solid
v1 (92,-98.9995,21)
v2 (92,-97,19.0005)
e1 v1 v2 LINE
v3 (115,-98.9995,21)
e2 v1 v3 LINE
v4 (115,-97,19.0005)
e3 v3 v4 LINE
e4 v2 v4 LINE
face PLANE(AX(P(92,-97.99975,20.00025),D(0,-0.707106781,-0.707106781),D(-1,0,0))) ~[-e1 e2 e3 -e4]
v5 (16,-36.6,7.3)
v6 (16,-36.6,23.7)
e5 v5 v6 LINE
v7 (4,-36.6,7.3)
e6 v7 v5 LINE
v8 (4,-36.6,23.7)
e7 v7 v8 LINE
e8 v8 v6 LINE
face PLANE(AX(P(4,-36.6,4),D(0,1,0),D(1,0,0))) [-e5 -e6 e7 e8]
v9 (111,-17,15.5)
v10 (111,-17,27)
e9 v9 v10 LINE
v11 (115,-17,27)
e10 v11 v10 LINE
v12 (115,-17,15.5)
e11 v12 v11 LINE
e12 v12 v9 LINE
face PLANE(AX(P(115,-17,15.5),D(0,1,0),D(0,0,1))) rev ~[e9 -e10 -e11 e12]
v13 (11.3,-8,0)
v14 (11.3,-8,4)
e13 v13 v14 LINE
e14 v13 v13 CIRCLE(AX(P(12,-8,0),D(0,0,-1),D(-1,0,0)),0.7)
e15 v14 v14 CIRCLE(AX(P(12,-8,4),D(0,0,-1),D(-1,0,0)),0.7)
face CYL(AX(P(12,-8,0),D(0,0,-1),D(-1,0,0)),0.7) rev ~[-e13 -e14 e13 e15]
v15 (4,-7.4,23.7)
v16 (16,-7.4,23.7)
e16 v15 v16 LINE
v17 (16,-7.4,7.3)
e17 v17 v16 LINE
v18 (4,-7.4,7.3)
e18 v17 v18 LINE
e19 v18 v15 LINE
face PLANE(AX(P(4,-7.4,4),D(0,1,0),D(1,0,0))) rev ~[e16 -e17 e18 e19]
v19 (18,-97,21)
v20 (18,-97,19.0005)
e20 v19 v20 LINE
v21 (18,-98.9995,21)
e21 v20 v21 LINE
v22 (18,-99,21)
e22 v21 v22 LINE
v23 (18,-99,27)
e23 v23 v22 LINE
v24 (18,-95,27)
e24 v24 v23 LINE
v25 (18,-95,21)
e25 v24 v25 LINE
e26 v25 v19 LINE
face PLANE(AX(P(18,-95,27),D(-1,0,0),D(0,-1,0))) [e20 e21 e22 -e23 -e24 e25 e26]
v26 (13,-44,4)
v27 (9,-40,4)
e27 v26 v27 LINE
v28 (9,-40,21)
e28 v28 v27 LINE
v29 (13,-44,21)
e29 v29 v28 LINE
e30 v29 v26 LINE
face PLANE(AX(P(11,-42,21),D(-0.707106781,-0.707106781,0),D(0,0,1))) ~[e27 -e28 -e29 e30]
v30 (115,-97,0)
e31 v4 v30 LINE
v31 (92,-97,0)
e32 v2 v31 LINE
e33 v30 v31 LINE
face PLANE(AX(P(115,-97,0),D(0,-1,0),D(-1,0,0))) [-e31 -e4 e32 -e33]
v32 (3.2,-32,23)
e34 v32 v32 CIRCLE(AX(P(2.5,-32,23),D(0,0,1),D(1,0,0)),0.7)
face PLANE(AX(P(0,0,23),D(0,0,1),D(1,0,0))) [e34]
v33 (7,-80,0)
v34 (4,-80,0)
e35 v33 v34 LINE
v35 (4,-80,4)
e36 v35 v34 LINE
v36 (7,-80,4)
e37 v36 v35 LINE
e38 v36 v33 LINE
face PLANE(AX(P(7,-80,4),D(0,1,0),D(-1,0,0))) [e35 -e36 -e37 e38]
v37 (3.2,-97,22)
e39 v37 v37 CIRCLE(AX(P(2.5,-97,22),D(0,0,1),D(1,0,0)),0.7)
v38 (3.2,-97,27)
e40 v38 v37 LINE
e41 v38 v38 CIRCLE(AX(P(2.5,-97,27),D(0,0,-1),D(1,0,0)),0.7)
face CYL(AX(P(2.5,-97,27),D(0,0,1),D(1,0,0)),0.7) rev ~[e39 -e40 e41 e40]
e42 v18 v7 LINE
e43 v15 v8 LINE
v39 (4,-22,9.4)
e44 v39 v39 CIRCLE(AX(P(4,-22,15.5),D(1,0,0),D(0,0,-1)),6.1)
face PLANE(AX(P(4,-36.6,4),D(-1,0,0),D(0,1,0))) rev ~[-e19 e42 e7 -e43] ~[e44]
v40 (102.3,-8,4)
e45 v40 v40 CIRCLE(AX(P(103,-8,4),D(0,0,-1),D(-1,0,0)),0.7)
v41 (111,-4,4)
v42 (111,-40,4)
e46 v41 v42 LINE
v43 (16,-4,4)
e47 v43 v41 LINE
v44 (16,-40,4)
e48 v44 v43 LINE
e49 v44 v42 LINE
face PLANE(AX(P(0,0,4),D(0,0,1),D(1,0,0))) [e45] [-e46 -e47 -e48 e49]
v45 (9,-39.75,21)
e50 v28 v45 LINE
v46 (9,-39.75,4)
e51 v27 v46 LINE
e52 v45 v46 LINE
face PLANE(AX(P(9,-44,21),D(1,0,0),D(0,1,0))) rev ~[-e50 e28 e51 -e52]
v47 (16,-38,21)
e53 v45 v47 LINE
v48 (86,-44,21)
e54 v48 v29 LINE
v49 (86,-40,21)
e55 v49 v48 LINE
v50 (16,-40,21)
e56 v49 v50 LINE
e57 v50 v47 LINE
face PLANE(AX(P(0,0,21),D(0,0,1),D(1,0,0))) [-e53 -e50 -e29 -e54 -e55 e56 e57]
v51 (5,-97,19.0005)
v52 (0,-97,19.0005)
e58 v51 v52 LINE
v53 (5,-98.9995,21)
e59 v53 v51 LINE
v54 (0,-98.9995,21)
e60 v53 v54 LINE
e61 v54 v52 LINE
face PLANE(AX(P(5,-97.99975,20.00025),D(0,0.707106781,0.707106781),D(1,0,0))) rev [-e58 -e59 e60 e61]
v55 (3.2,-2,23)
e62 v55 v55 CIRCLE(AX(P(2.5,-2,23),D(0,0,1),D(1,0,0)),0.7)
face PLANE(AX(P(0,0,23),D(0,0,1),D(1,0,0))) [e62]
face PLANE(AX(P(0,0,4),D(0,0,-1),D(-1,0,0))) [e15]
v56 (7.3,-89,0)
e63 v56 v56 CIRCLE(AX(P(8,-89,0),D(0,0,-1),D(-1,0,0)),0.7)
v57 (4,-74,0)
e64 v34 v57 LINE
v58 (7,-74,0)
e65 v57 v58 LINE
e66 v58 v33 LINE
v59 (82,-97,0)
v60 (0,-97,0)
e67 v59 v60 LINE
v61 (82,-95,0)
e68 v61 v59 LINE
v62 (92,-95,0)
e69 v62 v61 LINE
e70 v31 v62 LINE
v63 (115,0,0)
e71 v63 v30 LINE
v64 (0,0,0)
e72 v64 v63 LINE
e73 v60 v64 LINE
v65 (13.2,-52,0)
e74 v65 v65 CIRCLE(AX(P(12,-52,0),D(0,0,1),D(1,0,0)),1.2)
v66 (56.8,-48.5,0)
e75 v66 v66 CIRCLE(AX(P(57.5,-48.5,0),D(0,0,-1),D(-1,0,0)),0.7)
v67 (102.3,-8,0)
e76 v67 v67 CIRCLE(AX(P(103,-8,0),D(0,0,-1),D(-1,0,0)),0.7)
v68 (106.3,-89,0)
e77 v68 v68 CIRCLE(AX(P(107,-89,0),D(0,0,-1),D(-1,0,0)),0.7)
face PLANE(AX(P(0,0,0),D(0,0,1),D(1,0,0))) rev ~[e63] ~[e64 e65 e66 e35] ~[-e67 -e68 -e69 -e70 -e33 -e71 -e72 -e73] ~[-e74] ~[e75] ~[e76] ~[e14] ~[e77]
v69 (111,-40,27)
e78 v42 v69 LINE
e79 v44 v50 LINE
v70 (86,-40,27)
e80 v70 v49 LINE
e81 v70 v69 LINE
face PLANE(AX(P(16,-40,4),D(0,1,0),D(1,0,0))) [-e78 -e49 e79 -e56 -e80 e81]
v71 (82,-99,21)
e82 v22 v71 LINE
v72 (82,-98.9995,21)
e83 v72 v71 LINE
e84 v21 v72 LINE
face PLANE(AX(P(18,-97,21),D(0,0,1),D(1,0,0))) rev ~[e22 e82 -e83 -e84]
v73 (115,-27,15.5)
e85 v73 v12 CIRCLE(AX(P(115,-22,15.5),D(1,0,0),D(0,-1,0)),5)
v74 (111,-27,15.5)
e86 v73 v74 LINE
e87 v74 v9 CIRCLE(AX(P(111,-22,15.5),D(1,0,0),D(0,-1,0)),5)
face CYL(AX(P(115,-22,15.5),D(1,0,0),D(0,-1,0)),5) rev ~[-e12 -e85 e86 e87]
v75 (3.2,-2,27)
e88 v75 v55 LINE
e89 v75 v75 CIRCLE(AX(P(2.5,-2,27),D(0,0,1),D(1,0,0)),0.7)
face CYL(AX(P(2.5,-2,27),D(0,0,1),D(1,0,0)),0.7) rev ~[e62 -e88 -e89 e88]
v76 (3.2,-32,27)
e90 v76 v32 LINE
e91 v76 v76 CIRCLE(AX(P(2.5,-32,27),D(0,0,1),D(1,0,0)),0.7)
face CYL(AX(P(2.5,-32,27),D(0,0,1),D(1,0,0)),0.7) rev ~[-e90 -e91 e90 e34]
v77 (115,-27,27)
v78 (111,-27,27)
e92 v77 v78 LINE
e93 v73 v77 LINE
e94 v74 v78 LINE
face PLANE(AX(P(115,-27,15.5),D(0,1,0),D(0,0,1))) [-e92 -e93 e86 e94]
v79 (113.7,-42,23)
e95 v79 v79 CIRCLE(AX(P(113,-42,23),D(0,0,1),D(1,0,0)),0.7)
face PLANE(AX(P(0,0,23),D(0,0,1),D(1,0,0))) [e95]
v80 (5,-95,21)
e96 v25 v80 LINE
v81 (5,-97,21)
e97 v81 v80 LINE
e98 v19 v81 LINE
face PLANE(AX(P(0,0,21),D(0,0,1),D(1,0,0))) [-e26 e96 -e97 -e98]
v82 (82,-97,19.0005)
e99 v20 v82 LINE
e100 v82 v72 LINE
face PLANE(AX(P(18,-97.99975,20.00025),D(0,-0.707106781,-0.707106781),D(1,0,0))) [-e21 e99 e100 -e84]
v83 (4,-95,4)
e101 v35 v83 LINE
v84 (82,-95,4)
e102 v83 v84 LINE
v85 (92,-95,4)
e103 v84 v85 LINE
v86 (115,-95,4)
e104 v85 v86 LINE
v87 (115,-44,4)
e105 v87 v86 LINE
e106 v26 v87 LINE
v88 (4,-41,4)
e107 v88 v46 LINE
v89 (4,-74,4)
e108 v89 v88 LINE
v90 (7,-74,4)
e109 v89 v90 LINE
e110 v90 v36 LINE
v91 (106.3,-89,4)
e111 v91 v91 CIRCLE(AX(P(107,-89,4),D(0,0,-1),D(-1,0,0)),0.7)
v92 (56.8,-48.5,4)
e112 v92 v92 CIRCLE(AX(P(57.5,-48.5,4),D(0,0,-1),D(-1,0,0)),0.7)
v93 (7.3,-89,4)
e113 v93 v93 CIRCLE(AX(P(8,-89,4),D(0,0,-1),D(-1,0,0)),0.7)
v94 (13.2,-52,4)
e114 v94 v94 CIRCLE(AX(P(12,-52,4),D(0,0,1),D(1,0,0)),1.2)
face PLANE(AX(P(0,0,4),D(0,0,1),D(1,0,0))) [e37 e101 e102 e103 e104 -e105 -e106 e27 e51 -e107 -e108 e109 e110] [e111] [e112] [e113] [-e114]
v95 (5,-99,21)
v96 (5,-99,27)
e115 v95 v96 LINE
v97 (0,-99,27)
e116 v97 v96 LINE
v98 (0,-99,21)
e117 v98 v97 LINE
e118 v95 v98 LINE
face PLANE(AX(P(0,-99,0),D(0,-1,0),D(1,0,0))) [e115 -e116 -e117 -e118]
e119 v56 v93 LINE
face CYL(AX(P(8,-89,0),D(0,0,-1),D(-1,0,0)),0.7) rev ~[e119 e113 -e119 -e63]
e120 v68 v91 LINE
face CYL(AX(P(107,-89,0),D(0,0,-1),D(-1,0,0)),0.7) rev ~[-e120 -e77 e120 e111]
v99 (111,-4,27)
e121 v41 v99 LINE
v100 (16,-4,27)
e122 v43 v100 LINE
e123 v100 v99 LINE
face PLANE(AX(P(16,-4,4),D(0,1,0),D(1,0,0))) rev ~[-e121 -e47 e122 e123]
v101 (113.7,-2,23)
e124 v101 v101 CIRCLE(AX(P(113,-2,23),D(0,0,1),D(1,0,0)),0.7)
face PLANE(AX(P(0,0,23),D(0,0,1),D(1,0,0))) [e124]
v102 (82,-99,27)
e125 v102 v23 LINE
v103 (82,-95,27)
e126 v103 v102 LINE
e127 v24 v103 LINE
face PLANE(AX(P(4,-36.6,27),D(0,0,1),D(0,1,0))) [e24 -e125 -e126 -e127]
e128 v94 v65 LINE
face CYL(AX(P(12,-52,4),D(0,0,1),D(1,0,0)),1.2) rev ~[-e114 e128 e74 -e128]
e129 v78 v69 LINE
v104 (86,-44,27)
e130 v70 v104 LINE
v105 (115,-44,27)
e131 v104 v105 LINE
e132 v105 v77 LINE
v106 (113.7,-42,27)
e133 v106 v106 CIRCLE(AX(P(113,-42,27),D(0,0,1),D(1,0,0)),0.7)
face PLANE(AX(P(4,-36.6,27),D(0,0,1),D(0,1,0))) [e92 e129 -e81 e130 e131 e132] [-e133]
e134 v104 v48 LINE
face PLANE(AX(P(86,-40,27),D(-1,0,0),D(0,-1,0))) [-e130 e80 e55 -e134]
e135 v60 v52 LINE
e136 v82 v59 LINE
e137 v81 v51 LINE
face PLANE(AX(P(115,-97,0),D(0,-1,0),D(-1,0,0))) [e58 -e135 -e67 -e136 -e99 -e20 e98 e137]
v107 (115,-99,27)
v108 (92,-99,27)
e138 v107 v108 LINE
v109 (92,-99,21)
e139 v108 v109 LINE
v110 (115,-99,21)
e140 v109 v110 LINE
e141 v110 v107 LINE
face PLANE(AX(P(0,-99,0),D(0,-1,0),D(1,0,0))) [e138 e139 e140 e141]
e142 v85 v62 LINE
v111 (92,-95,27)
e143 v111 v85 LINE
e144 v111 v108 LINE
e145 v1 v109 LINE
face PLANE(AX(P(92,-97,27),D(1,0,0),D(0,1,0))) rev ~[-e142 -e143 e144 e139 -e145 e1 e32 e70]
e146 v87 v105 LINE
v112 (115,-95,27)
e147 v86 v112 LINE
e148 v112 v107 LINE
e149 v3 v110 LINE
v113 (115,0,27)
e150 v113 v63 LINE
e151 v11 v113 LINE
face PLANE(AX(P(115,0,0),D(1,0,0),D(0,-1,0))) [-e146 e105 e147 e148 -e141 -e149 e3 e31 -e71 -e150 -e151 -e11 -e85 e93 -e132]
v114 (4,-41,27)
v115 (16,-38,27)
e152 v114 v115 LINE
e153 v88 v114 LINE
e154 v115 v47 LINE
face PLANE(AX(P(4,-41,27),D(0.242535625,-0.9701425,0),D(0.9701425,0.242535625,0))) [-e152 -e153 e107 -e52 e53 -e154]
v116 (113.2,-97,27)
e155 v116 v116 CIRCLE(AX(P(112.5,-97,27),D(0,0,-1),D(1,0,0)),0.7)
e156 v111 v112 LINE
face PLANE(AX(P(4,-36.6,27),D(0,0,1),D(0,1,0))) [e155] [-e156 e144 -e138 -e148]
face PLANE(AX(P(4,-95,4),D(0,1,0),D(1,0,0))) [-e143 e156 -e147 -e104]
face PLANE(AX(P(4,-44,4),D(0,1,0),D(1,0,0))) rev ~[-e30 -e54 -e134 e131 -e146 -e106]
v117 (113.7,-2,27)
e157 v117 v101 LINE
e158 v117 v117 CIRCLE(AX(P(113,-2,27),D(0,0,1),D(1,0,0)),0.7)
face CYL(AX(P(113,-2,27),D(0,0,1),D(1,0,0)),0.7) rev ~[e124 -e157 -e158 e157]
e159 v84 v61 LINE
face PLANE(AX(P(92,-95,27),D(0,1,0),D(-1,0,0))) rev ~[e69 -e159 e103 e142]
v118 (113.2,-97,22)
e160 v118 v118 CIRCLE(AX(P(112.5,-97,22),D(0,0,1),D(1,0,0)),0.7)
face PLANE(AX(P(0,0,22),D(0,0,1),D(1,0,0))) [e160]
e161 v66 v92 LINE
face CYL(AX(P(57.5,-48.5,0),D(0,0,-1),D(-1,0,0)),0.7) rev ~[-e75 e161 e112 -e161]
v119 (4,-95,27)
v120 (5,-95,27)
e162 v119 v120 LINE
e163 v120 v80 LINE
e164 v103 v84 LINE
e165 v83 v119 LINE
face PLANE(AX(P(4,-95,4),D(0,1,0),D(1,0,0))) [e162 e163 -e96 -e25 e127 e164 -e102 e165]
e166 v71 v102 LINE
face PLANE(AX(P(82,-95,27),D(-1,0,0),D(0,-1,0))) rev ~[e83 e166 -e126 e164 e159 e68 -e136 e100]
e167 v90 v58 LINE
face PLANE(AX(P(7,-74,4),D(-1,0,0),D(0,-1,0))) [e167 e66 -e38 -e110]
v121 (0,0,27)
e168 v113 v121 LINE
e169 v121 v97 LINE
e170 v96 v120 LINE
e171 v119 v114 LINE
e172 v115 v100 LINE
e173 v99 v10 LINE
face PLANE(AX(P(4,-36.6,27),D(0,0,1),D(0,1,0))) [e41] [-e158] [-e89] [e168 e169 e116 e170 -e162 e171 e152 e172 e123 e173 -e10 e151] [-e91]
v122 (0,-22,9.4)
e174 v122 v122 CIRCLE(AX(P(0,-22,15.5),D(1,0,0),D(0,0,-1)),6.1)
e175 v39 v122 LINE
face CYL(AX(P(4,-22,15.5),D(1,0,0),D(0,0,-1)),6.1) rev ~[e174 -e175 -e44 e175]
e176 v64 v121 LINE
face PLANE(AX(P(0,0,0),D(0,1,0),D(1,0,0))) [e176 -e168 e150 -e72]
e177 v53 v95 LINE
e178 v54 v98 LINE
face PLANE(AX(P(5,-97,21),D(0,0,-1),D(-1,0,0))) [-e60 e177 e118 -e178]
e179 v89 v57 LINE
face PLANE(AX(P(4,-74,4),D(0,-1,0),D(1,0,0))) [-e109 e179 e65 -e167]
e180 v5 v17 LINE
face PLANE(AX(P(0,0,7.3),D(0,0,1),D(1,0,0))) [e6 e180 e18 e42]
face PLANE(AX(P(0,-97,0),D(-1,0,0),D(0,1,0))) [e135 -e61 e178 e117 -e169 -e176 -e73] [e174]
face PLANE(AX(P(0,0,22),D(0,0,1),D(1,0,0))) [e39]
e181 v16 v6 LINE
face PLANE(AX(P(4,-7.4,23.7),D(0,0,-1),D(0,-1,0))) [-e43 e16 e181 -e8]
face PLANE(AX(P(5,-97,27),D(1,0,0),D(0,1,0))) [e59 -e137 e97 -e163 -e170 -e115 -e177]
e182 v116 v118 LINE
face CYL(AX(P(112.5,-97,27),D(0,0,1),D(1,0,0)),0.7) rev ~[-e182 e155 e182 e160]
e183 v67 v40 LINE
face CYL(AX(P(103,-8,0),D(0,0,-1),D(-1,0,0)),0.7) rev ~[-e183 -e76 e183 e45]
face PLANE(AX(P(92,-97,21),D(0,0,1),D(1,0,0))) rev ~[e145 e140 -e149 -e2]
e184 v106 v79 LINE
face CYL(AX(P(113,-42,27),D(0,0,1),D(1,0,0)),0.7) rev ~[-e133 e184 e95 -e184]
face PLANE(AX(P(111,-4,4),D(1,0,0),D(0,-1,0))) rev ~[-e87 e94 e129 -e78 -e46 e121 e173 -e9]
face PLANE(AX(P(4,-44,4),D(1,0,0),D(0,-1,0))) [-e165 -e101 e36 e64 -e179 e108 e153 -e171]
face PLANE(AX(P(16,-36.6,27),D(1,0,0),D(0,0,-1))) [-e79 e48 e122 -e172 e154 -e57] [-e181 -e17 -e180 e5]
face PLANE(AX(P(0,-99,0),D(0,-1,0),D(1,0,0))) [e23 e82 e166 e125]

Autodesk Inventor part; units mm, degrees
ref_plane "YZ Plane" through (0, 0, 0) normal (1, 0, 0) x (0, 1, 0)
ref_plane "XZ Plane" through (0, 0, 0) normal (0, 1, 0) x (-1, 0, 0)
ref_plane "XY Plane" through (0, 0, 0) normal (0, 0, 1) x (1, 0, 0)
sketch "Skizze1" plane through (0, 0, 0) normal (0, 0, 1) x (1, 0, 0)
  line L0 (0, 0) -> (115, 0)
  line L1 (115, 0) -> (115, -97)
  line L2 (115, -97) -> (0, -97)
  line L3 (0, -97) -> (0, 0)
  dimension "d0" = 115
  dimension "d1" = 97
extrude "Extrusion1" add sketch "Skizze1" along normal blind 4
sketch "Skizze2" plane through (0, 0, 4) normal (0, 0, 1) x (1, 0, 0)
  line L0 (0, -97) -> (115, -97) projected
  line L1 (115, -97) -> (115, 0) projected
  line L2 (115, 0) -> (0, 0) projected
  line L3 (0, 0) -> (0, -97) projected
  line L4 (4, -44) -> (4, -95)
  line L5 (4, -95) -> (115, -95)
  line L6 (115, -97) -> (115, 0) projected
  line L7 (4, -44) -> (115, -44)
  line L8 (4, -40) -> (16, -40) construction
  line L9 (4, -40) -> (4, -36.6) construction
  line L10 (4, -4) -> (16, -4) construction
  line L11 (4, -7.4) -> (16, -7.4)
  line L12 (16, -7.4) -> (16, -4)
  line L13 (4, -36.6) -> (16, -36.6)
  line L14 (16, -36.6) -> (16, -40)
  line L15 (4, -36.6) -> (4, -7.4)
  line L16 (16, -40) -> (111, -40)
  line L17 (4, -7.4) -> (4, -4) construction
  line L18 (16, -4) -> (111, -4)
  line L19 (111, -4) -> (111, -40)
  point P0 (109.25, 0)
  point P1 (109.25, -40)
  dimension "d4" = 4
  dimension "d5" = 2
  dimension "d6" = 51
  dimension "d7" = 4
  dimension "d8" = 36
  dimension "d9" = 4
  dimension "d10" = 29.2
  dimension "d11" = 12
  dimension "d30" = 4
extrude "Extrusion2" add sketch "Skizze2" along normal blind 23 contours L3 L2 L1 L7 L4 L5 L0
sketch "Skizze4" plane through (0, 0, 4) normal (0, 0, 1) x (1, 0, 0)
  line L0 (4, -36.6) -> (16, -36.6) projected
  line L1 (4, -36.6) -> (16, -36.6)
  line L2 (16, -36.6) -> (16, -7.4)
  line L3 (16, -7.4) -> (4, -7.4)
  line L4 (4, -7.4) -> (4, -36.6)
  point P0 (0, 0)
  point P1 (16, -7.4)
extrude "Extrusion4" add sketch "Skizze4" along normal blind 3.3
sketch "Skizze5" plane through (4, -36.6, 27) normal (1, 0, 0) x (0, 0, -1)
  line L0 (0, 0) -> (0, 29.2) projected
  line L1 (0, 29.2) -> (3.3, 29.2)
  line L2 (3.3, 29.2) -> (3.3, 0)
  line L3 (3.3, 0) -> (0, 0)
  line L4 (0, 0) -> (0, 29.2)
  line L5 (19.7, 0) -> (0, 0) projected
  line L6 (19.7, 0) -> (19.7, 29.2) projected
  circle A0 centre (11.5, 14.6) radius 6.1
  line L7 (7.2229, 14.6) -> (16.7001, 14.6)
  line L8 (11.5, 24.1317) -> (11.5, 8.2548) construction
  point P0 (27, 36.6)
  dimension "d20" = 16.4
  dimension "d21" = 29.2
  dimension "d22" = 12.2
extrude "Extrusion5" cut sketch "Skizze5" against normal through all contours A0
extrude "Extrusion6" add sketch "Skizze5" along normal up to surface (12 mm away) contours L0 L1 L2 L3
sketch "Skizze6" plane through (0, 0, 27) normal (0, 0, 1) x (1, 0, 0)
  line L0 (4, -44) -> (115, -44) projected
  line L1 (111, -40) -> (16, -40) projected
  line L2 (86, -44) -> (16, -44)
  line L3 (16, -44) -> (16, -40)
  line L4 (16, -40) -> (86, -40)
  line L5 (86, -40) -> (86, -44)
  line L6 (4, -44) -> (4, -95) projected
  line L7 (0, -97) -> (115, -97) projected
  line L8 (14, -97) -> (7, -97)
  line L9 (115, -95) -> (4, -95) projected
  line L10 (92, -95) -> (82, -95)
  line L11 (82, -95) -> (82, -97)
  line L12 (82, -97) -> (92, -97)
  line L13 (92, -97) -> (92, -95)
  line L14 (115, -97) -> (115, -95) projected
  line L15 (5, -95) -> (18, -95)
  line L16 (18, -95) -> (18, -97)
  line L17 (18, -97) -> (5, -97)
  line L18 (5, -97) -> (5, -95)
  line L19 (0, 0) -> (0, -97) projected
  point P0 (109.25, -40)
  point P1 (86, -42)
  point P2 (86, -40)
  point P3 (82, -95)
  point P4 (5, -96)
  point P5 (18, -96)
  point P6 (5, -97)
  point P7 (18, -97)
  dimension "d27" = 70
  dimension "d41" = 10
  dimension "d42" = 23
  dimension "d65" = 13
  dimension "d66" = 5
extrude "Extrusion7" cut sketch "Skizze6" against normal blind 6 contours L3 L1 L5 L0
sketch "Skizze7" plane through (115, -97, 0) normal (1, 0, 0) x (0, 0, -1)
  arc A0 (-15.5, 80) -> (-15.5, 70) centre (-15.5, 75) ccw construction
  circle A1 centre (-15.5, 75) radius 6.1 construction
  line L0 (-15.5, 80) -> (-27, 80)
  line L1 (-27, 53) -> (-27, 97) projected
  line L2 (-15.5, 70) -> (-27, 70)
  arc A2 (-15.5, 70) -> (-15.5, 80) centre (-15.5, 75) ccw
  point P0 (0, 97)
  dimension "d31" = 10
extrude "Extrusion8" cut sketch "Skizze7" against normal blind 4
sketch "Skizze8" plane through (0, 0, 0) normal (0, 0, -1) x (-1, 0, 0)
  line L0 (0, -97) -> (-115, -97) projected
  line L1 (0, 0) -> (0, -97) projected
  line L2 (-115, 0) -> (0, 0) projected
  line L3 (-115, -97) -> (-115, 0) projected
  line L4 (-8, -8) -> (-8, -89) construction
  line L5 (-8, -89) -> (-107, -89) construction
  line L6 (-107, -89) -> (-107, -8) construction
  line L7 (-107, -8) -> (-8, -8) construction
  circle A0 centre (-107, -89) radius 0.7
  circle A1 centre (-8, -89) radius 0.7
  circle A2 centre (-103, -8) radius 0.7
  circle A3 centre (-12, -8) radius 0.7
  line L8 (-107, -8) -> (-8, -89) construction
  line L9 (-107, -89) -> (-8, -8) construction
  circle A4 centre (-57.5, -48.5) radius 0.7
  dimension "d34" = 8
  dimension "d35" = 1.4
  dimension "d36" = 4
  dimension "d37" = 4
extrude "Extrusion9" cut sketch "Skizze8" against normal blind 4 contours A0 | A1 | A2 | A3 | A4
extrude "Extrusion10" cut sketch "Skizze6" against normal blind 6 contours L9 L16 L7 L18
sketch "Skizze9" plane through (0, 0, 27) normal (0, 0, 1) x (1, 0, 0)
  line L0 (4, -95) -> (4, -44) projected
  line L1 (4, -44) -> (16, -44) projected
  line L2 (16, -44) -> (16, -4) projected
  line L3 (16, -4) -> (111, -4) projected
  line L4 (111, -4) -> (111, -17) projected
  line L5 (111, -40) -> (86, -40) projected
  line L6 (86, -40) -> (86, -44) projected
  line L7 (86, -44) -> (115, -44) projected
  line L8 (115, -44) -> (115, -27) projected
  line L9 (115, 0) -> (0, 0) projected
  line L10 (0, 0) -> (0, -97) projected
  line L11 (0, -97) -> (5, -97) projected
  line L12 (2.5, -2) -> (113, -2) construction
  line L13 (113, -2) -> (113, -97.1903) construction
  line L14 (113, -97.1903) -> (2.5, -97.1903) construction
  line L15 (2.5, -97.1903) -> (2.5, -2) construction
  circle A0 centre (2.5, -2) radius 0.7
  circle A1 centre (113, -2) radius 0.7
  circle A2 centre (113, -42) radius 0.7
  line L16 (113, -42) -> (2.5, -42) construction
  line L17 (4, -44) -> (16, -44) construction
  circle A3 centre (2.5, -32) radius 0.7
  line L18 (115, -27) -> (111, -27) projected
  line L19 (111, -27) -> (111, -40) projected
  line L20 (111, -17) -> (115, -17) projected
  line L21 (115, -17) -> (115, 0) projected
  line L22 (115, -97) -> (115, -95) projected
  line L23 (115, -95) -> (18, -95) projected
  line L24 (5, -97) -> (5, -95) projected
  line L25 (5, -95) -> (4, -95) projected
  line L26 (18, -95) -> (18, -97) projected
  line L27 (18, -97) -> (115, -97) projected
  dimension "d45" = 2
  dimension "d46" = 2.5
  dimension "d47" = 2
  dimension "d48" = 1.4
  dimension "d49" = 2
  dimension "d59" = 30
extrude "Extrusion11" cut sketch "Skizze9" against normal blind 4 contours A0 | A1 | A2 | A3
extrude "Extrusion12" cut sketch "Skizze6" against normal through all contours L9 L13 L7 L11
sketch "Skizze12" plane through (0, -97, 0) normal (0, -1, 0) x (1, 0, 0)
  line L0 (115, 4) -> (115, 27) projected
  line L1 (115, 27) -> (92, 27)
  line L2 (92, 27) -> (92, 21)
  line L3 (92, 21) -> (115, 21)
  line L4 (115, 21) -> (115, 27)
  line L5 (82, 0) -> (82, 27) projected
  line L6 (18, 27) -> (18, 21) projected
  line L7 (82, 27) -> (18, 27)
  line L8 (18, 27) -> (18, 21)
  line L9 (18, 21) -> (82, 21)
  line L10 (82, 21) -> (82, 27)
  line L11 (5, 21) -> (5, 27) projected
  line L12 (0, 0) -> (0, 27) projected
  line L13 (5, 21) -> (0, 21)
  line L14 (0, 21) -> (0, 27)
  line L15 (0, 27) -> (5, 27)
  line L16 (5, 27) -> (5, 21)
  point P0 (5, 27)
  point P1 (0, 21)
  dimension "d67" = 6
extrude "Extrusion15" add sketch "Skizze12" along normal blind 2
sketch "Skizze10" plane through (0, 0, 27) normal (0, 0, 1) x (1, 0, 0)
  line L0 (16, -44) -> (16, -4) projected
  line L1 (4, -44) -> (16, -44) projected
  line L2 (4, -95) -> (4, -44) projected
  line L3 (4, -44) -> (4, -41)
  line L4 (4, -41) -> (16, -38)
  point P0 (0, 0)
  dimension "d56" = 6
  dimension "d77" = 3
extrude "Extrusion13" cut sketch "Skizze10" against normal blind 6
sketch "Skizze11" plane through (0, 0, 4) normal (0, 0, 1) x (1, 0, 0)
  circle A0 centre (12, -52) radius 1.2
  line L0 (4, -44) -> (4, -95) projected
  line L1 (115, -44) -> (4, -44) projected
  point P0 (0, 0)
  dimension "d60" = 8
  dimension "d61" = 8
  dimension "d62" = 2.4
extrude "Extrusion14" cut sketch "Skizze11" against normal blind 4
sketch "Skizze13" plane through (0, 0, 27) normal (0, 0, 1) x (1, 0, 0)
  line L0 (5, -97) -> (0, -97) projected
  circle A0 centre (2.5, -97) radius 0.7
  circle A1 centre (2.5, -32) radius 0.7 projected
  line L1 (0, 0) -> (0, -99) projected
  line L2 (115, -97) -> (92, -97) projected
  circle A2 centre (112.5, -97) radius 0.7
  line L3 (115, -95) -> (115, -99) projected
  dimension "d70" = 2.5
  dimension "d71" = 2.5
extrude "Extrusion16" cut sketch "Skizze13" against normal blind 5 contours A0 L0 | L0 A0 | A2 L2 | L2 A2
chamfer "Fasen1" distance 2 angle 45 3 edges at (2.5, -97, 21) (50, -97, 21) (103.5, -97, 21)
sketch "Skizze14" plane through (0, 0, 4) normal (0, 0, 1) x (1, 0, 0)
  line L0 (115, -44) -> (4, -44) projected
  line L1 (4, -74) -> (7, -74)
  line L2 (7, -74) -> (7, -80)
  line L3 (7, -80) -> (4, -80)
  line L4 (4, -80) -> (4, -44)
  line L5 (4, -95) -> (82, -95) projected
  point P0 (0, 0)
  point P1 (7, -44)
  point P2 (4, -74)
  dimension "d78" = 6
  dimension "d79" = 3
  dimension "d82" = 15
extrude "Extrusion17" cut sketch "Skizze14" against normal blind 10
sketch "Skizze16" plane through (0, 0, 21) normal (0, 0, 1) x (1, 0, 0)
  line L0 (86, -44) -> (4, -44) projected
  line L1 (4, -44) -> (4, -41) projected
  line L2 (4, -44) -> (4, -41)
  line L3 (4, -41) -> (9, -39.75)
  line L4 (4, -41) -> (16, -38) projected
  line L5 (9, -44.0784) -> (9, -39.75)
  point P0 (0, 0)
  point P1 (9, -41.9142)
  point P2 (9, -44)
  dimension "d83" = 5
extrude "Extrusion18" cut sketch "Skizze16" against normal up to surface (17 mm away)
chamfer "Fasen2" distance 4 angle 45 1 edges at (9, -44, 12.5)
properties part number "Honigschleuder_Steuerung_Netzteil"
